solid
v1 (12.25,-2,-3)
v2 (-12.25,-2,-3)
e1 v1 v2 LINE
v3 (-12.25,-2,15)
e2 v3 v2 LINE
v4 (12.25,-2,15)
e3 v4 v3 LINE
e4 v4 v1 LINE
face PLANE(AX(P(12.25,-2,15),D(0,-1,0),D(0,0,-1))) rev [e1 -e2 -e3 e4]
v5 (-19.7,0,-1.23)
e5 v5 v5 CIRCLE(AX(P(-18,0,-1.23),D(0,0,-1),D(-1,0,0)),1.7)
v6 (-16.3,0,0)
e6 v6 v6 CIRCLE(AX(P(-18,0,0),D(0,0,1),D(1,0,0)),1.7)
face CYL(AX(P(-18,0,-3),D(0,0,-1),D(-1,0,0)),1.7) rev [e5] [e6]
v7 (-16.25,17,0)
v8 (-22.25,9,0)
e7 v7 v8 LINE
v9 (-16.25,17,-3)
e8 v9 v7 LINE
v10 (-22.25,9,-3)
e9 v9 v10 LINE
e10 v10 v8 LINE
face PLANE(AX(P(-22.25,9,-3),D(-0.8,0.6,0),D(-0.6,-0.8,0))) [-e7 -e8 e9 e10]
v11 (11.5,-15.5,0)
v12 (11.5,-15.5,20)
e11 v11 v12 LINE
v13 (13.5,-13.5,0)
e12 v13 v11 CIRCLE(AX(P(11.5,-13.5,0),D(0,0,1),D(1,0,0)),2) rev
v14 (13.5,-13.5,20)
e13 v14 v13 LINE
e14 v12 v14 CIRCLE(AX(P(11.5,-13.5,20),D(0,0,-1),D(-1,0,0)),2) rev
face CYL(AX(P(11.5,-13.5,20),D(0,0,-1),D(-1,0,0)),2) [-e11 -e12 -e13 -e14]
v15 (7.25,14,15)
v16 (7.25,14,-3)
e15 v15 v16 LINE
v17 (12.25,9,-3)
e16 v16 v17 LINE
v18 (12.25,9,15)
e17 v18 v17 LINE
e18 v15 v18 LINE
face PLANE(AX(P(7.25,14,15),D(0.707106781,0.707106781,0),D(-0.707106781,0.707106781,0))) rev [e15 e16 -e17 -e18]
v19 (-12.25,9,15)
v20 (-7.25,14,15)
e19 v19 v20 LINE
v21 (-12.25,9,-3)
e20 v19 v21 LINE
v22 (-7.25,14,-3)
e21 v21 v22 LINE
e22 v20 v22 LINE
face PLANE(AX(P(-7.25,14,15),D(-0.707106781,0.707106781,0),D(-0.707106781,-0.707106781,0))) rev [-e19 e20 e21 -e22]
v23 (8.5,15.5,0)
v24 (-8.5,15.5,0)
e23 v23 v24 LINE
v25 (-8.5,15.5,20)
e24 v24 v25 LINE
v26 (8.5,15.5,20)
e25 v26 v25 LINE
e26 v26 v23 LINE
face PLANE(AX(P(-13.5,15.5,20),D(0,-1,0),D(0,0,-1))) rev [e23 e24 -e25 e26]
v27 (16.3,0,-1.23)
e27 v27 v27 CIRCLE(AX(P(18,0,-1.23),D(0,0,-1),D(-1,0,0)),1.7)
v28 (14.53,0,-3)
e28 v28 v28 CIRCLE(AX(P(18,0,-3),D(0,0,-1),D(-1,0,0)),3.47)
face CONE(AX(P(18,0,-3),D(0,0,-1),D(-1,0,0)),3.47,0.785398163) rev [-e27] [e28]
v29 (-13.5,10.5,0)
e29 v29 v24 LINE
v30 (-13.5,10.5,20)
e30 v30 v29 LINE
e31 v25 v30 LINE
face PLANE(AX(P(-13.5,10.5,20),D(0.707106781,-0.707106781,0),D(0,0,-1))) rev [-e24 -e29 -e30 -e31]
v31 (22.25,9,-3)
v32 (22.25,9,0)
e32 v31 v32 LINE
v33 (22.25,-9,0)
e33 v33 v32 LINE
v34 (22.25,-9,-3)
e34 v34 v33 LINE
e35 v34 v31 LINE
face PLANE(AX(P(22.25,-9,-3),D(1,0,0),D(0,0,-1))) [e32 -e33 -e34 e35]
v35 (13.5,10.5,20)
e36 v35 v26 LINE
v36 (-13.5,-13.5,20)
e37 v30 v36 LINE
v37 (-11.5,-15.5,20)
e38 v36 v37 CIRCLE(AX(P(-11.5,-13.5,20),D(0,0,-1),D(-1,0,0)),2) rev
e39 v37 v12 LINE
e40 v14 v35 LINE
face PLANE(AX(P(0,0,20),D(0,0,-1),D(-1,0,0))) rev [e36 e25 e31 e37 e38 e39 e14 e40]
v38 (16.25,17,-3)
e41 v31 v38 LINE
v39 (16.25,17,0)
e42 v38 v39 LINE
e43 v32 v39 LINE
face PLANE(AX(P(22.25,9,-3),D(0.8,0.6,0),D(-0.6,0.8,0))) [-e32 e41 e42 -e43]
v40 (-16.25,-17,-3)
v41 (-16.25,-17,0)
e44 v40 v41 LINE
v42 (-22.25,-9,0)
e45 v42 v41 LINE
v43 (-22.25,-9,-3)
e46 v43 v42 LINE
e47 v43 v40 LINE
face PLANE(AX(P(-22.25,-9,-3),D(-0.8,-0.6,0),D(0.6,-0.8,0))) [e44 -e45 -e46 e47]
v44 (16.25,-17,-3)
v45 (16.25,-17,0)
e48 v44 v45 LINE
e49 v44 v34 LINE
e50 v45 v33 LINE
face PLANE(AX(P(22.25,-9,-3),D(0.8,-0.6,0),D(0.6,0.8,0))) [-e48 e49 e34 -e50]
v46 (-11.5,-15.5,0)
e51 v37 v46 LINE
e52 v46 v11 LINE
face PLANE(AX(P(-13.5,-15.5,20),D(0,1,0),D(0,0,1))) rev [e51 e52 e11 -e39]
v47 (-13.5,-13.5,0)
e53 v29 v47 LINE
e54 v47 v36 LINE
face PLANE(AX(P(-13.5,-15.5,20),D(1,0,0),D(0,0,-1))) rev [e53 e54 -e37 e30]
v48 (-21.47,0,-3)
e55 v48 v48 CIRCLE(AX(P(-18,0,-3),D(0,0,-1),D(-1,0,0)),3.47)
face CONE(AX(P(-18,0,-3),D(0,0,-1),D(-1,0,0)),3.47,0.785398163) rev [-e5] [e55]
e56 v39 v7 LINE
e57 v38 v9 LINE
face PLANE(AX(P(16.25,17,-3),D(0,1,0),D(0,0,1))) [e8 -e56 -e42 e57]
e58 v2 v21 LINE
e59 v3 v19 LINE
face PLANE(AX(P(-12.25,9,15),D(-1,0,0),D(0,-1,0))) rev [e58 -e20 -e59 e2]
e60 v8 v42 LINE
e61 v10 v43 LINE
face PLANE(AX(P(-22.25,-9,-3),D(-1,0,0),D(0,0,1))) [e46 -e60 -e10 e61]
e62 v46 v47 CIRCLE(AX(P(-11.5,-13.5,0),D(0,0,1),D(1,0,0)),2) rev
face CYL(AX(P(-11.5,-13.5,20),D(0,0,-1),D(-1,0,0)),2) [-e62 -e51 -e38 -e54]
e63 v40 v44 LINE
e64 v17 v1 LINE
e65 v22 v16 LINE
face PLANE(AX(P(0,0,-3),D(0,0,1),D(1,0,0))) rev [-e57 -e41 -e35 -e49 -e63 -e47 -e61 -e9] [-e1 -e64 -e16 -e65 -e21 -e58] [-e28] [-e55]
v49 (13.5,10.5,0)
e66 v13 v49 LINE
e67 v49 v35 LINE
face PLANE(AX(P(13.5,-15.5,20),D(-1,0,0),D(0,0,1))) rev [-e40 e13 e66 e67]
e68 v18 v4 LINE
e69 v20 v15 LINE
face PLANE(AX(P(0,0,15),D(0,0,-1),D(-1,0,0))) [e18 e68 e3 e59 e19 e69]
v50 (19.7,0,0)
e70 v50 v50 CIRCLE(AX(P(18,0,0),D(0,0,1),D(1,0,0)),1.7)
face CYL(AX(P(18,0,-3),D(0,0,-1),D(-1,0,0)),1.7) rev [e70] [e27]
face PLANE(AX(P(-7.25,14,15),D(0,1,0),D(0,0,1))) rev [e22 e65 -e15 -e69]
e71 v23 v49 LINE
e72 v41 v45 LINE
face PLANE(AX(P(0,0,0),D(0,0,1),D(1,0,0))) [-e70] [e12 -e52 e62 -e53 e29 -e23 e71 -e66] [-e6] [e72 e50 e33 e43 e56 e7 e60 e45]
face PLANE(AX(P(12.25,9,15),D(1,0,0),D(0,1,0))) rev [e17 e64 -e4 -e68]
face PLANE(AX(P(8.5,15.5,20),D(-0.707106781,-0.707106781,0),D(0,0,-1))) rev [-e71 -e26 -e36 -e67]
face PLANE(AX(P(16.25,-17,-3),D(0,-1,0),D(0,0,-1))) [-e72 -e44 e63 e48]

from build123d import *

# Parameters (mm, degrees)
SKIZZE1_W                                   = 27
SKIZZE1_H                                   = 31
AUFSATZ_LINEAR_AUSTRAGEN1_DEPTH             = 20
AUFSATZ_LINEAR_AUSTRAGEN2_DEPTH             = 3
FORMSENKUNG_F_R_M3_SENKSCHRAUBE_MIT_2_COUNT = 2
FORMSENKUNG_F_R_M3_SENKSCHRAUBE_MIT_2_PITCH = 36
SCHNITT_LINEAR_AUSTRAGEN1_DEPTH             = 18
FASE1_SIZE                                  = 5
VERRUNDUNG1_R                               = 2


with BuildPart() as part:
    # Skizze1 → Aufsatz-Linear austragen1 (new body)
    with BuildSketch(Plane.XY):
        Rectangle(SKIZZE1_W, SKIZZE1_H)
    extrude(amount=AUFSATZ_LINEAR_AUSTRAGEN1_DEPTH)

    # Skizze2 → Aufsatz-Linear austragen2 (add)
    with BuildSketch(Plane.XY):
        Polygon((16.25, 17), (-16.25, 17), (-22.25, 9), (-22.25, -9), (-16.25, -17), (16.25, -17), (22.25, -9), (22.25, 9), align=None)
    extrude(amount=-AUFSATZ_LINEAR_AUSTRAGEN2_DEPTH)

    # Skizze3 → Formsenkung für M3 Senkschraube mit Innensechskant1 (revolve, cut)
    with BuildSketch(Plane(origin=(18, 0, -3), x_dir=(0, 1, 0), z_dir=(1, 0, 0))):
        Polygon((0, 0), (0, 3), (1.7, 3), (1.7, 1.77), (3.47, 0), align=None)
    formsenkung_f_r_m3_senkschraube_mit_inne = revolve(axis=Axis((18, 0, -9.35), (0, 0, 1)), mode=Mode.SUBTRACT)

    # Formsenkung f_r M3 Senkschraube mit  2: Formsenkung für M3 Senkschraube mit Innensechskant1 ×2
    with Locations(*[(-i * FORMSENKUNG_F_R_M3_SENKSCHRAUBE_MIT_2_PITCH, 0, 0) for i in range(1, FORMSENKUNG_F_R_M3_SENKSCHRAUBE_MIT_2_COUNT)]):
        add(formsenkung_f_r_m3_senkschraube_mit_inne, mode=Mode.SUBTRACT)

    # Skizze5 → Schnitt-Linear austragen1 (cut)
    with BuildSketch(Plane(origin=(0, 0, -3), x_dir=(-1, 0, 0), z_dir=(0, 0, -1))):
        Polygon((7.25, 14), (-7.25, 14), (-12.25, 9), (-12.25, -2), (12.25, -2), (12.25, 9), align=None)
    extrude(amount=-SCHNITT_LINEAR_AUSTRAGEN1_DEPTH, mode=Mode.SUBTRACT)

    # Fase1
    fase1_edges = [part.edges().sort_by_distance(p)[0] for p in [
        (-13.5, 15.5, 10),
        (13.5, 15.5, 10),
    ]]
    chamfer(fase1_edges, length=FASE1_SIZE)

    # Verrundung1
    verrundung1_edges = [part.edges().sort_by_distance(p)[0] for p in [
        (13.5, -15.5, 10),
        (-13.5, -15.5, 10),
    ]]
    fillet(verrundung1_edges, radius=VERRUNDUNG1_R)


solid = part.part
